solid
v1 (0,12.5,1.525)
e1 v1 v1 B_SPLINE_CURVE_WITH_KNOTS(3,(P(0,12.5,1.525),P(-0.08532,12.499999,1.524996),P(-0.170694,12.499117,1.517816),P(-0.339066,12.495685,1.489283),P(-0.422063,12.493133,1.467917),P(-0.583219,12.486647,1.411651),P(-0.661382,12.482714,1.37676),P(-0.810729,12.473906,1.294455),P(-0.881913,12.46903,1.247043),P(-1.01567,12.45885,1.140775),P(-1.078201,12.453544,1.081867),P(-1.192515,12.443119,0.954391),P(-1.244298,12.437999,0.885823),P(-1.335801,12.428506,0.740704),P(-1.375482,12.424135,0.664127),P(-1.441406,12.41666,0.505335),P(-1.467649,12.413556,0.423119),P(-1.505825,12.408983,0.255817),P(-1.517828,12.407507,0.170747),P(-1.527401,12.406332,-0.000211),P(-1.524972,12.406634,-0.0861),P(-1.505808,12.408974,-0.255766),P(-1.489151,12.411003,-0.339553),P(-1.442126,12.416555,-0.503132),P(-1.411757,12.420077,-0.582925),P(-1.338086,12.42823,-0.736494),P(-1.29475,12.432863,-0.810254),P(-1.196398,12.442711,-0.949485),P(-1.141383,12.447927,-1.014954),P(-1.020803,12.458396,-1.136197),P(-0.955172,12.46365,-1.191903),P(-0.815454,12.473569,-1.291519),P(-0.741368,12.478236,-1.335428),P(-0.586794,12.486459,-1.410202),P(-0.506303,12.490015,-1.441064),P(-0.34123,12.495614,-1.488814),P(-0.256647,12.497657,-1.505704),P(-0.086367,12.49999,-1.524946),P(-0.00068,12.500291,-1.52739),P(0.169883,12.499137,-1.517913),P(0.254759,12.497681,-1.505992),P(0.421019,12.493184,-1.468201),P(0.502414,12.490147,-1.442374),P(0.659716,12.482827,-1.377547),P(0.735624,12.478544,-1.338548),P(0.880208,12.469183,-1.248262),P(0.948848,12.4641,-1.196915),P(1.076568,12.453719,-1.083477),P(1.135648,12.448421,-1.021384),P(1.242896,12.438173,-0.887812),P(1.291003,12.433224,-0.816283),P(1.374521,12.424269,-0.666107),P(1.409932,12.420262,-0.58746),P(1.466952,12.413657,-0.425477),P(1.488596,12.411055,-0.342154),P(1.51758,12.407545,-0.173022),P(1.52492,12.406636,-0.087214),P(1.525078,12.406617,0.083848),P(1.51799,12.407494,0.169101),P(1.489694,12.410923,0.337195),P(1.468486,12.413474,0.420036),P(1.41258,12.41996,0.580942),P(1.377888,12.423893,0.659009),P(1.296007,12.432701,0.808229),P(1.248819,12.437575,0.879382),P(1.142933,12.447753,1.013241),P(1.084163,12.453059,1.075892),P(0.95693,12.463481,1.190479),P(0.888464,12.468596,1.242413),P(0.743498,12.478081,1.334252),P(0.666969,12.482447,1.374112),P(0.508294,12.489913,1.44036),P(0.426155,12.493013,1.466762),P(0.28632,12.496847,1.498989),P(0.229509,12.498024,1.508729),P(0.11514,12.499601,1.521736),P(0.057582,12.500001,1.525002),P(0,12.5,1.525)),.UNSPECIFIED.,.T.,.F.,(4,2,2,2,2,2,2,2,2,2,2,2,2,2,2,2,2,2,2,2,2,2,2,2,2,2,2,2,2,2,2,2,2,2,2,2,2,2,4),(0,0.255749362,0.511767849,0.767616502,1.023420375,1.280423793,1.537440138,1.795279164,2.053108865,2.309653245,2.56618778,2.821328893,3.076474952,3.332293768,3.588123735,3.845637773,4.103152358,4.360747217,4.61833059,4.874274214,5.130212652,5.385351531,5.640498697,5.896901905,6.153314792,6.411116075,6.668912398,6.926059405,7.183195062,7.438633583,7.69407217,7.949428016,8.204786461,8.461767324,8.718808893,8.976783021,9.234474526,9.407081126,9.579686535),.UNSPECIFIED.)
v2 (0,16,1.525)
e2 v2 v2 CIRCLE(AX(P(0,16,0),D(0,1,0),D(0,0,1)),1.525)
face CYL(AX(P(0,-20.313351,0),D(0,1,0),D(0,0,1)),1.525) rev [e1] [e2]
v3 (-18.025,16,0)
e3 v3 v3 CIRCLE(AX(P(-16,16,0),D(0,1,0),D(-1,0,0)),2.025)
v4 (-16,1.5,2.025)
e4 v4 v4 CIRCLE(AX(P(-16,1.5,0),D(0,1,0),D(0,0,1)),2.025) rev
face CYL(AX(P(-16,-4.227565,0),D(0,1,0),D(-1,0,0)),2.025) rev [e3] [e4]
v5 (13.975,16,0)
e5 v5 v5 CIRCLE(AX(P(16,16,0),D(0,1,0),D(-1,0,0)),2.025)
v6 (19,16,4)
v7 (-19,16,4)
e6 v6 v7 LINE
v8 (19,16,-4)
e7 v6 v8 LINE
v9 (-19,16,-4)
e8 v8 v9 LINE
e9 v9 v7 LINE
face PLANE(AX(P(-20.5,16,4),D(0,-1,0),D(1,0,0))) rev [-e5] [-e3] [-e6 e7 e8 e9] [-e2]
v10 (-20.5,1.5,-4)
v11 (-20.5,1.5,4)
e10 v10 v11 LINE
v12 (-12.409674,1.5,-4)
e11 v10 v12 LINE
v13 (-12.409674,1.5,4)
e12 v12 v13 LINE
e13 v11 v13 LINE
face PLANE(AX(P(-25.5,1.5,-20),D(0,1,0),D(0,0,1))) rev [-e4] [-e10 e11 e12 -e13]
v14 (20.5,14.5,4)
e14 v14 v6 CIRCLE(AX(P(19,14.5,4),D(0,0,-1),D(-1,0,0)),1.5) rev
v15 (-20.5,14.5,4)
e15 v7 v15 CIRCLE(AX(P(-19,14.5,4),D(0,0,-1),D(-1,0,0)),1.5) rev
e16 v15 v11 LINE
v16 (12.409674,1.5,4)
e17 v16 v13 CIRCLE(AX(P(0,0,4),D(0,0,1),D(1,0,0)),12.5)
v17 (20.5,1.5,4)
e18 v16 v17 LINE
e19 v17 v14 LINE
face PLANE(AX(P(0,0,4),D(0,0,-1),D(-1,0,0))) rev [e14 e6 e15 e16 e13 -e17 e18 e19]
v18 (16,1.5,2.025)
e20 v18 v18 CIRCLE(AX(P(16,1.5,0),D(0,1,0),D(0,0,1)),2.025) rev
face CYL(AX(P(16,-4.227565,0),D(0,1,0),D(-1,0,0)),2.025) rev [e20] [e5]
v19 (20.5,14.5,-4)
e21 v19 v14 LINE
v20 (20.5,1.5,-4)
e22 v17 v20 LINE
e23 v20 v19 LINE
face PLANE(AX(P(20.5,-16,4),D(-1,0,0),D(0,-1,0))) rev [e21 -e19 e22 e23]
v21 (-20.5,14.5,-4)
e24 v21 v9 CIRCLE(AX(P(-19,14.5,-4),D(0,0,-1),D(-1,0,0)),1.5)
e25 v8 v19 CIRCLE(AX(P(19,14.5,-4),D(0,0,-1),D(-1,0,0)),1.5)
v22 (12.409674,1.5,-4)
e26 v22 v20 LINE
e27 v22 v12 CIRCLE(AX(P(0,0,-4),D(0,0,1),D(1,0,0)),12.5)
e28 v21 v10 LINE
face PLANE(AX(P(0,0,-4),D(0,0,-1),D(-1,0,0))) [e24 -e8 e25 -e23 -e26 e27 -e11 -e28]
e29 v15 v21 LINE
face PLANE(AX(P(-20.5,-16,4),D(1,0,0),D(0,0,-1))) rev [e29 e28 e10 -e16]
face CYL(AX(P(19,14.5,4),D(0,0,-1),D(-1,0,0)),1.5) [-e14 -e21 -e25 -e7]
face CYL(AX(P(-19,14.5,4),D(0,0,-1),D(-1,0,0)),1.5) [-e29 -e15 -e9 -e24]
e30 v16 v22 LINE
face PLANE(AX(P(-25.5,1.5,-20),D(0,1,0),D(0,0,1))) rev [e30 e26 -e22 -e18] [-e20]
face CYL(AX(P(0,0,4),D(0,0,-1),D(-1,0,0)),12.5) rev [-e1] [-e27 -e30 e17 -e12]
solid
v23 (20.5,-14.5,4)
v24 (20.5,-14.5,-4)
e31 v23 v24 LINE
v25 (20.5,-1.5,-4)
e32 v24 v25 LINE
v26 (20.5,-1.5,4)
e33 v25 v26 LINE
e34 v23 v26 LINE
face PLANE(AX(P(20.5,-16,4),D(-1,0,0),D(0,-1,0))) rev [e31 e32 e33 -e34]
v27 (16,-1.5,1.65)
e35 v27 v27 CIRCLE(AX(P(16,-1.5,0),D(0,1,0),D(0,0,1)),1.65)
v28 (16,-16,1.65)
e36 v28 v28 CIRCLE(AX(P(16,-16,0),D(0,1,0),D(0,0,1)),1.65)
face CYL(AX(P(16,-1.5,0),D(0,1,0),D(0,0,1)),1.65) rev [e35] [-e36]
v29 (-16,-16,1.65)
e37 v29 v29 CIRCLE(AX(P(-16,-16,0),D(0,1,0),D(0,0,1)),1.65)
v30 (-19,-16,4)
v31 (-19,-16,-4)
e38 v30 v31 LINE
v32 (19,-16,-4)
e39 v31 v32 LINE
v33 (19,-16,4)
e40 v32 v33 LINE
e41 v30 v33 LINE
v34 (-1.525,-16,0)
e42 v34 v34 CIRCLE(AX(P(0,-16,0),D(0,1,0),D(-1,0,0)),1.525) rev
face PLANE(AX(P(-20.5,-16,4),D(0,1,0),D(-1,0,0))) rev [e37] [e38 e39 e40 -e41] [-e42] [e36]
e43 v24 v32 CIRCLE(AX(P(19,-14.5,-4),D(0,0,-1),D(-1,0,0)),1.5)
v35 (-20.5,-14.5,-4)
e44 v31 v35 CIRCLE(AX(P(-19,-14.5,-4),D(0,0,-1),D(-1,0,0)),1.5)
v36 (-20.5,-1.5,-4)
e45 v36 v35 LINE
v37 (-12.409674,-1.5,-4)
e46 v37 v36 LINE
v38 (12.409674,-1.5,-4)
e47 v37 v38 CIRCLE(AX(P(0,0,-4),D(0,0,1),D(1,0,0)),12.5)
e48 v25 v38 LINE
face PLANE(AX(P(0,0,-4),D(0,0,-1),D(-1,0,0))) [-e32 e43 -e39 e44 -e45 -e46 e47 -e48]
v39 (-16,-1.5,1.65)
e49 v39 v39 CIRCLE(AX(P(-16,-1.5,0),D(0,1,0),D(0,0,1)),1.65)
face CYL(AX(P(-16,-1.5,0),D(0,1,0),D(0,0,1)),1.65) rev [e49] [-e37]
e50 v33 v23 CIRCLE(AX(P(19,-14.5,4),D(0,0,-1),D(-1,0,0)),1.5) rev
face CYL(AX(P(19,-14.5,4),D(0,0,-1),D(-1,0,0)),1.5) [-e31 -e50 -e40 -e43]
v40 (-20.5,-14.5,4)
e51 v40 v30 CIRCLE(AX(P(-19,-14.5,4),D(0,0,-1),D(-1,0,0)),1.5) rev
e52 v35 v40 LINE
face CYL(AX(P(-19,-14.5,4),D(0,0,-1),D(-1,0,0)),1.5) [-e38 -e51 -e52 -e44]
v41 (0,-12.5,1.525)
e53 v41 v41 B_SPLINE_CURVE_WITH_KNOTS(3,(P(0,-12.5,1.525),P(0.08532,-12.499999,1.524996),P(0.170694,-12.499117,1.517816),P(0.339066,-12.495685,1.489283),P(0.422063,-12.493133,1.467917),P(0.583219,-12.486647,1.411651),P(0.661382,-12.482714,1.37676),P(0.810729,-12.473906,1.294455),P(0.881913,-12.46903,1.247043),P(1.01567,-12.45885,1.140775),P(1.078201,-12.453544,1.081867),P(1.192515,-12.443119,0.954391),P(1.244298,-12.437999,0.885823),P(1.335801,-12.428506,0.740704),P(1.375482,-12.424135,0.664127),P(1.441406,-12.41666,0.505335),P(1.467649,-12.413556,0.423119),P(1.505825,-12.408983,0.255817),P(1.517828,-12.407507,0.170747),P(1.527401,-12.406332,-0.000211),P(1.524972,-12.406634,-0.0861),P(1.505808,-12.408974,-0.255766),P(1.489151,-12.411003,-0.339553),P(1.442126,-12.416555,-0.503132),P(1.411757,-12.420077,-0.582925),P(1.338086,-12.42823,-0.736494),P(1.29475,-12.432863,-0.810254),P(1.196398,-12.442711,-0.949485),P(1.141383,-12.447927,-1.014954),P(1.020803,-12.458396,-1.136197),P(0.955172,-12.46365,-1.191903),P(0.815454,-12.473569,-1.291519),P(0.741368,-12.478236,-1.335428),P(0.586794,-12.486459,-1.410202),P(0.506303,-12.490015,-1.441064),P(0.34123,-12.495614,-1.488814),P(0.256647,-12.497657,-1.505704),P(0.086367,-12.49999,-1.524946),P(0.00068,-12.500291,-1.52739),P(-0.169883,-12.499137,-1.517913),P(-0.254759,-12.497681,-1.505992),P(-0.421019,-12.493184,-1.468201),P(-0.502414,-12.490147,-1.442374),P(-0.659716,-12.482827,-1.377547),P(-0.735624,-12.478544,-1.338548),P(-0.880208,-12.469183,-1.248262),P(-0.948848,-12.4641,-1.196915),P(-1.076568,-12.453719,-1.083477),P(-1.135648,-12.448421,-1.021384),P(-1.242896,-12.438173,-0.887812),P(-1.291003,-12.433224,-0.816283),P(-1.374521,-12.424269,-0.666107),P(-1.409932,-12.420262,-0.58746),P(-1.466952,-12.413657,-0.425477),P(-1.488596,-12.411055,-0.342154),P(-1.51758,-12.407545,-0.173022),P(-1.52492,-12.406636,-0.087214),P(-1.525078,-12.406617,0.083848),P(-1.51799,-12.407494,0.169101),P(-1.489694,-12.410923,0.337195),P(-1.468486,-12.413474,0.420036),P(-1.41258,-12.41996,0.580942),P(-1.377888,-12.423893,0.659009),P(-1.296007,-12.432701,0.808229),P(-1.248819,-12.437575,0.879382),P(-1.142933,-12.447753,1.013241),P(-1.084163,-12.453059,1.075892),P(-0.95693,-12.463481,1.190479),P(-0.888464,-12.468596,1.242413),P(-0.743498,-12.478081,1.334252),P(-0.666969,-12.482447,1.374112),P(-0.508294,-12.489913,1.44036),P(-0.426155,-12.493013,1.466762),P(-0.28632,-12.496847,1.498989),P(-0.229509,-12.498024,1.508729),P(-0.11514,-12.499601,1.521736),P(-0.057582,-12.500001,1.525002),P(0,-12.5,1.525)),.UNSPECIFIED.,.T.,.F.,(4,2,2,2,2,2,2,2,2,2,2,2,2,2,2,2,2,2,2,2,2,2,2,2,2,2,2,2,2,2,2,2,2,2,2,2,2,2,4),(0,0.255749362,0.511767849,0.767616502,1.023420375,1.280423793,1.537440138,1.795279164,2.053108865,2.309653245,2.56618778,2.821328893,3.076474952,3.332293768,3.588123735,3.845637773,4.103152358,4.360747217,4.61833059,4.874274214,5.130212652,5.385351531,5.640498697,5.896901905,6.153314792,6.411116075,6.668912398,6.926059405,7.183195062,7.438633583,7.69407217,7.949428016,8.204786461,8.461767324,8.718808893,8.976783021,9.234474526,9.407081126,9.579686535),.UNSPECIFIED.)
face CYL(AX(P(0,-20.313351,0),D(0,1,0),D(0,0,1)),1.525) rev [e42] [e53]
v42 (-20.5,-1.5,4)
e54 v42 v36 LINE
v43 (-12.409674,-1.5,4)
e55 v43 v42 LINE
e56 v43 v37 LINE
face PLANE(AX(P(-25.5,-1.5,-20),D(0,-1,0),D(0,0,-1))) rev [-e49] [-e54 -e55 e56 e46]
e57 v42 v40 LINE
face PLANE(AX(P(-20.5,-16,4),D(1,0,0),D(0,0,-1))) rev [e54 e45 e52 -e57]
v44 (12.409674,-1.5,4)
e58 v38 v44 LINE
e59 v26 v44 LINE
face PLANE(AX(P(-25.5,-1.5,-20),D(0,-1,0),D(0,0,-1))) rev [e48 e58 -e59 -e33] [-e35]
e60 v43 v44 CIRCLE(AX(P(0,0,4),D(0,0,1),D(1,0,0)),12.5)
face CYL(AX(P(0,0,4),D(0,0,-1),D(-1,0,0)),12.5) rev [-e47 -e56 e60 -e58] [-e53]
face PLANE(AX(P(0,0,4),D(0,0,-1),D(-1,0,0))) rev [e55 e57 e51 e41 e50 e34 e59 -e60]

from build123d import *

# Parameters (mm, degrees)
SKETCH_1_W                  = 41
SKETCH_1_H                  = 32
SKETCH_1_R                  = 12.5
EXTRUDE_1_DEPTH             = 4
FILLET_1_R                  = 1.5
SKETCH_2_W                  = 51
SKETCH_2_H                  = 3
CUT_EXTRUDE_2_DEPTH         = 24
SKETCH_3_R                  = 2.025
CUT_EXTRUDE_3_DEPTH         = 14.5
SKETCH_5_W                  = 1.65
SKETCH_5_H                  = 14.5
HOLE_WIZARD_M4_1_AT_2_COUNT = 2
HOLE_WIZARD_M4_1_AT_2_PITCH = 32
CUT_EXTRUDE_START           = -32
SKETCH_6_R                  = 1.525
CUT_EXTRUDE_4_DEPTH         = 32


with BuildPart() as part:
    # 草图1 → 凸台-拉伸1 (new, symmetric)
    with BuildSketch(Plane.XY):
        Rectangle(SKETCH_1_W, SKETCH_1_H)
        Circle(SKETCH_1_R, mode=Mode.SUBTRACT)
    extrude(amount=EXTRUDE_1_DEPTH, both=True)

    # 圆角1
    fillet_1_edges = [part.edges().sort_by_distance(p)[0] for p in [
        (20.5, -16, 0),
        (-20.5, -16, 0),
        (-20.5, 16, 0),
        (20.5, 16, 0),
    ]]
    fillet(fillet_1_edges, radius=FILLET_1_R)

    # 草图2 → 切除-拉伸2 (cut, symmetric)
    with BuildSketch(Plane.XY.offset(4)):
        Rectangle(SKETCH_2_W, SKETCH_2_H)
    extrude(amount=CUT_EXTRUDE_2_DEPTH, both=True, mode=Mode.SUBTRACT)


with BuildPart() as cut_extrude_2_piece_1:
    # of the separate pieces the step leaves, piece 1, a body of its own (cut_extrude_2_pieces)
    add(part.part.solids().sort_by_distance((-19, -16, -4))[0])

    # 草图5 → M4 螺纹孔1 (revolve, cut)
    with BuildSketch(Plane(origin=(-16, -1.5, 0), x_dir=(0, 0, 1), z_dir=(1, 0, 0))):
        with Locations((0.825, 7.25)):
            Rectangle(SKETCH_5_W, SKETCH_5_H)
    hole_wizard_m4_1 = revolve(axis=Axis((-16, 4.85, 0), (0, -1, 0)), mode=Mode.SUBTRACT)

    # M4 螺纹孔1 at 2: M4 螺纹孔1 ×2
    with Locations(*[(i * HOLE_WIZARD_M4_1_AT_2_PITCH, 0, 0) for i in range(1, HOLE_WIZARD_M4_1_AT_2_COUNT)]):
        add(hole_wizard_m4_1, mode=Mode.SUBTRACT)


with BuildPart() as cut_extrude_2_piece_2:
    # of the separate pieces the step leaves, piece 2, a body of its own (cut_extrude_2_pieces)
    add(part.part.solids().sort_by_distance((-20.5, 14.5, -4))[0])

    # 草图3 → 切除-拉伸3 (cut)
    with BuildSketch(Plane(origin=(0, 16, 0), x_dir=(1, 0, 0), z_dir=(0, 1, 0))):
        with Locations(Location((16, 0, 0), (0, 0, 180))):
            Circle(SKETCH_3_R)
        with Locations(Location((-16, 0, 0), (0, 0, 180))):
            Circle(SKETCH_3_R)
    extrude(amount=-CUT_EXTRUDE_3_DEPTH, mode=Mode.SUBTRACT)


with BuildPart() as cut_extrude_4_tool:
    # 草图6 → 切除-拉伸4 (new body)
    with BuildSketch(Plane(origin=(0, 16, 0), x_dir=(1, 0, 0), z_dir=(0, 1, 0)).offset(CUT_EXTRUDE_START)):
        with Locations(Location((0, 0, 0), (0, 0, 270))):
            Circle(SKETCH_6_R)
    extrude(amount=CUT_EXTRUDE_4_DEPTH)


with BuildPart() as cut_extrude_2_piece_1_1:
    add(cut_extrude_2_piece_1.part)

    # 切除-拉伸4: cut by cut_extrude_4_tool
    add(cut_extrude_4_tool.part, mode=Mode.SUBTRACT)


with BuildPart() as cut_extrude_2_piece_2_1:
    add(cut_extrude_2_piece_2.part)

    # 切除-拉伸4: cut by cut_extrude_4_tool
    add(cut_extrude_4_tool.part, mode=Mode.SUBTRACT)


solid = Compound([cut_extrude_2_piece_1_1.part, cut_extrude_2_piece_2_1.part])
